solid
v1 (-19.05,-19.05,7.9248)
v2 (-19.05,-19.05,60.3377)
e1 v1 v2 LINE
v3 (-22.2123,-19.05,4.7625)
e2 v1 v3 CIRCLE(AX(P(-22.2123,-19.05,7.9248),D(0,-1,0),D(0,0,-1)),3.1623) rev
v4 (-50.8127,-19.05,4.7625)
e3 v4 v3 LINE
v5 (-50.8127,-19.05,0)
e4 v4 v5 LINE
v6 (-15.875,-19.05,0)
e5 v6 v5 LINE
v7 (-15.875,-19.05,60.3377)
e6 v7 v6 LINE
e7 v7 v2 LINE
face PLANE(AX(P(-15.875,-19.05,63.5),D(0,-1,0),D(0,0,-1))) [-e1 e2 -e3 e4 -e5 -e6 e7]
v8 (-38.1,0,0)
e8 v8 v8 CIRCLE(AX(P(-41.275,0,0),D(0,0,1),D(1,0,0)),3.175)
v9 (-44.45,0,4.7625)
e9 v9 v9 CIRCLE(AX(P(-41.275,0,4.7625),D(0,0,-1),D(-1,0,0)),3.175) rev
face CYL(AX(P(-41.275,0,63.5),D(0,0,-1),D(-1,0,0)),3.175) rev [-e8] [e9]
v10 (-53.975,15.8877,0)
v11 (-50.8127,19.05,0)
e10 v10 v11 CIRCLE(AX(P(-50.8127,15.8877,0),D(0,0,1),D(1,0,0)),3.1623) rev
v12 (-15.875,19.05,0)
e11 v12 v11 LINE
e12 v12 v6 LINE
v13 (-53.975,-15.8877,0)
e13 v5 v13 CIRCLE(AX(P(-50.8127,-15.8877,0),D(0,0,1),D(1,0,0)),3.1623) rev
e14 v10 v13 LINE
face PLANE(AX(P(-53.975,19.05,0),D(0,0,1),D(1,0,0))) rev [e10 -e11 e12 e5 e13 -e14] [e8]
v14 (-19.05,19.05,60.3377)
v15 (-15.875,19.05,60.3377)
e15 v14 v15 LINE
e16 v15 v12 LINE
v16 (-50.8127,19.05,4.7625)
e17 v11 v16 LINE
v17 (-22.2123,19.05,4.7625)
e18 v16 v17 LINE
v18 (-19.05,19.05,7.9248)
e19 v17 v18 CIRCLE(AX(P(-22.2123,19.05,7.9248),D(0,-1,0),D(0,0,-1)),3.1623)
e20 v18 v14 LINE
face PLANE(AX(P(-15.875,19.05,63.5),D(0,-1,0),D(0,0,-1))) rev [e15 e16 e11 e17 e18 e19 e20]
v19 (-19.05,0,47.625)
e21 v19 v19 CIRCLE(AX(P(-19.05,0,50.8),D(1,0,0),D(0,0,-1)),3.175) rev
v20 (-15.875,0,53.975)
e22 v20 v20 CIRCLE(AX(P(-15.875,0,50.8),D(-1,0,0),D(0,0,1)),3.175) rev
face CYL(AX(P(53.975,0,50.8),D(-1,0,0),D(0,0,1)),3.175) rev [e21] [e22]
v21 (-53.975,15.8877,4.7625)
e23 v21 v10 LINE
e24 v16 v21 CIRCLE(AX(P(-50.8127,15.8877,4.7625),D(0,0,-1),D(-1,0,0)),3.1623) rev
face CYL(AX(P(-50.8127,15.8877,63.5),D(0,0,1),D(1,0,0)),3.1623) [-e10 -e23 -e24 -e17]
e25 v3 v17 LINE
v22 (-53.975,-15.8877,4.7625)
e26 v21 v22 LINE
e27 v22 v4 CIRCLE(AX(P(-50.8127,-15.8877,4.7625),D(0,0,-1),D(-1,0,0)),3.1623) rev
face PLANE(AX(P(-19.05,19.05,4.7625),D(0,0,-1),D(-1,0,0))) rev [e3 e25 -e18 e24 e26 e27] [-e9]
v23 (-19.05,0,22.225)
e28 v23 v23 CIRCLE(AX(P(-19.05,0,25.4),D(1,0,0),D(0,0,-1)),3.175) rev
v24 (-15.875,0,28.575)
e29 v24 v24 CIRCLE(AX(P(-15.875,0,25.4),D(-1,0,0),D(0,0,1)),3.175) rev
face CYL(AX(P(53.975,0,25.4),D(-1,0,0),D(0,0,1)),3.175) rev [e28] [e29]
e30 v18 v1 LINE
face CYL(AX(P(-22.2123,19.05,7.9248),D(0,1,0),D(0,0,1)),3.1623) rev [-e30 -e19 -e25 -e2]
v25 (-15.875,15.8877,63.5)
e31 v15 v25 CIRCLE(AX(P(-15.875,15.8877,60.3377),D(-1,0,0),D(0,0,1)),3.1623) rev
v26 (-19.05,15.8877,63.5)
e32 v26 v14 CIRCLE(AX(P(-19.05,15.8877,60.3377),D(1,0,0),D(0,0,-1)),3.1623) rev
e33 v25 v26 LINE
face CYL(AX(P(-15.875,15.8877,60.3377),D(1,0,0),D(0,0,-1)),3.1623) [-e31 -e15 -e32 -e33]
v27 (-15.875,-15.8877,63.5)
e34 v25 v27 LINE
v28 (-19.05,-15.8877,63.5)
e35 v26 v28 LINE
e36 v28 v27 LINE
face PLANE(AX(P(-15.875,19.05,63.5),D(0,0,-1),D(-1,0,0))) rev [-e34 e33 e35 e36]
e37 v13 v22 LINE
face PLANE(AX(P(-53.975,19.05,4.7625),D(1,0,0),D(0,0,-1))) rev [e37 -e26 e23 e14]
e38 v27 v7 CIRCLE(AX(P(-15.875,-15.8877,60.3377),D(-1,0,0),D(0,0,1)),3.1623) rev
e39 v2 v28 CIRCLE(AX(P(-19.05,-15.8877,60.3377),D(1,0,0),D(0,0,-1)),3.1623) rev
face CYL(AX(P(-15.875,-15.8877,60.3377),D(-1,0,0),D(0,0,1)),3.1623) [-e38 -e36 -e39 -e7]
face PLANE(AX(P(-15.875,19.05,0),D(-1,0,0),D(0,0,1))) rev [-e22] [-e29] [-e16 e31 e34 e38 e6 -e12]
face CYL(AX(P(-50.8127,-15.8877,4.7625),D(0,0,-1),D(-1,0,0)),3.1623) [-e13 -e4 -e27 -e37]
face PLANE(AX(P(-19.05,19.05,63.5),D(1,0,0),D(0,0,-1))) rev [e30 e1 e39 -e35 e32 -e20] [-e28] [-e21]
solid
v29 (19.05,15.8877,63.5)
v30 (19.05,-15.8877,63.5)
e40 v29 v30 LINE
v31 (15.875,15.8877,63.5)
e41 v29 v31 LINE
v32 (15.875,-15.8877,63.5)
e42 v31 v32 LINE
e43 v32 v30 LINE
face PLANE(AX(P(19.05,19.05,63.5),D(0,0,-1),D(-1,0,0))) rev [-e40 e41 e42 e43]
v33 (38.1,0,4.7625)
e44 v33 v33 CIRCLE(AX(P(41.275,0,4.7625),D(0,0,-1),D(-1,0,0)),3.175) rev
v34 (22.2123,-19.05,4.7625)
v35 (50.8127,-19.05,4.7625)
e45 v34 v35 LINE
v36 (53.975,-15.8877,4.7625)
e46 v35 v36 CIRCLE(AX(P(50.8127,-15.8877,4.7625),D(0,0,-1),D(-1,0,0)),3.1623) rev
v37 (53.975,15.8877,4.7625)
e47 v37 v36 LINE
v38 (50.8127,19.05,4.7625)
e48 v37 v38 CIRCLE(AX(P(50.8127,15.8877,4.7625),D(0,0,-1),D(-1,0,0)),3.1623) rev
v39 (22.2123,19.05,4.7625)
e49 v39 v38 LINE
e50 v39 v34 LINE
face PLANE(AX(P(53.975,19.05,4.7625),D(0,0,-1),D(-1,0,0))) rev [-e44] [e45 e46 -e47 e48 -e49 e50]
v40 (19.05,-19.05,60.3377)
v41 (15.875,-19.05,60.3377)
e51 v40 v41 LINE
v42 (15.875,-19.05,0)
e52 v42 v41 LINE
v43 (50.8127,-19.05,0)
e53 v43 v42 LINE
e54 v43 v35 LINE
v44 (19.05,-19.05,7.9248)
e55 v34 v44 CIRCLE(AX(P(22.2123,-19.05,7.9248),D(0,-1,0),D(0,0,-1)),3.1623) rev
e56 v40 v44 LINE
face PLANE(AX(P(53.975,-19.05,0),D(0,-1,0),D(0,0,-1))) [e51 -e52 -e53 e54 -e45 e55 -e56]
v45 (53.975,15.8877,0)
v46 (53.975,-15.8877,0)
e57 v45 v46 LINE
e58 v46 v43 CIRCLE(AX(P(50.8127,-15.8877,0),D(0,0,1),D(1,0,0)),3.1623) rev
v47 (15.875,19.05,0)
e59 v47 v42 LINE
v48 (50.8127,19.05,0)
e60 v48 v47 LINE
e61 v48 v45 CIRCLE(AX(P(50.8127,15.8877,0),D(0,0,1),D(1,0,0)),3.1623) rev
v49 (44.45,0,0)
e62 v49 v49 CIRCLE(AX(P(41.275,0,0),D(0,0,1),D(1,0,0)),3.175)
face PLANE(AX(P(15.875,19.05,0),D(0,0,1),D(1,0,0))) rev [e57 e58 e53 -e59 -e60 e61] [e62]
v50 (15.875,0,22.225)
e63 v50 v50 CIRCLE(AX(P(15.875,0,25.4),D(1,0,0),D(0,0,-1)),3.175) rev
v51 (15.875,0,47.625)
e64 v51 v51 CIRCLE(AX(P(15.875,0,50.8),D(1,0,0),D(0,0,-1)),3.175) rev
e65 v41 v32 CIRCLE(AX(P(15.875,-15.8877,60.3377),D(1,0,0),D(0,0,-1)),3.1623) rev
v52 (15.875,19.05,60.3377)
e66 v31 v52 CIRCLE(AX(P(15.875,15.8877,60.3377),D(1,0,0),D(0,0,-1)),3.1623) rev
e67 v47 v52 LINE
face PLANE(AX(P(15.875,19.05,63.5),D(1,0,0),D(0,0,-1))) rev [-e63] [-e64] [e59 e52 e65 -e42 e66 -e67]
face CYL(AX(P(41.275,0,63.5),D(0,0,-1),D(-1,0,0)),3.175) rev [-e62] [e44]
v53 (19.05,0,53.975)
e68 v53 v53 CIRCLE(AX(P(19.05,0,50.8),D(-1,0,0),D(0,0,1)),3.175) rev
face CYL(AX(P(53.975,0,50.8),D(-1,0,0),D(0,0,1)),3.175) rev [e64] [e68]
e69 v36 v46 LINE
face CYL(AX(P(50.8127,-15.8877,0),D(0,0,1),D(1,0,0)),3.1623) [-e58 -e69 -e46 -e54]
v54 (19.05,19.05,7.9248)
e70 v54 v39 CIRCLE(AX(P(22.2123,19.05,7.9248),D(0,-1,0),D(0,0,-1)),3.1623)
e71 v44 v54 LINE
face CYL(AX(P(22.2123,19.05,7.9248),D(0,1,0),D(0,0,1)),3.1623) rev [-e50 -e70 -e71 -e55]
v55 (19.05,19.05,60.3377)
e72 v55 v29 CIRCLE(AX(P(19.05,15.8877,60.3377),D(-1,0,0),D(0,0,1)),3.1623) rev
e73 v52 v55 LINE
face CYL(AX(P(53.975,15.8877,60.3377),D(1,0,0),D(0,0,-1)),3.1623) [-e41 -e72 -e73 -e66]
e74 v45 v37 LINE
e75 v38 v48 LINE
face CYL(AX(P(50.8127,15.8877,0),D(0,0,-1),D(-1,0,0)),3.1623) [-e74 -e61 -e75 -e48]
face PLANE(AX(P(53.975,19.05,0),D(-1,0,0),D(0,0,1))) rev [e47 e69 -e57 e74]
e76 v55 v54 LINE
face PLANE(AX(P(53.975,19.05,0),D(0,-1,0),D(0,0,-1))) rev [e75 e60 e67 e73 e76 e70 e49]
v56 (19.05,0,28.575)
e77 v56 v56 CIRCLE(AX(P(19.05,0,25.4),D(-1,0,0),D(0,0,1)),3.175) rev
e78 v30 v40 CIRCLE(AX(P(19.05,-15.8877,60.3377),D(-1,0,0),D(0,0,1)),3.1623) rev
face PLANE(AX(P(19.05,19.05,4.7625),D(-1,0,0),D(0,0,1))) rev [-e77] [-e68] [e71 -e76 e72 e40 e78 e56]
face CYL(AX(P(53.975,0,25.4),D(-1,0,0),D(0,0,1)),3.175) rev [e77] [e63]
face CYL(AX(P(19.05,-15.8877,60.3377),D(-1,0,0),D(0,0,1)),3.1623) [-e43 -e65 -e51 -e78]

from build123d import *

# Parameters (mm, degrees)
BOSS_EXTRUDE2_DEPTH   = 19.05
BOSS_EXTRUDE2_2_DEPTH = 19.05
SKETCH2_R             = 3.175
EXTRUDE2_DEPTH        = 86.489491313
EXTRUDE3_DEPTH        = 86.988181903
EXTRUDE3_DEPTH_BACK   = 86.988181903
SKETCH3_R             = 3.175
FILLET3_R             = 3.1623
FILLET4_R             = 3.1623


with BuildPart() as part:
    # Sketch1 → Boss-Extrude2 (new, symmetric)
    with BuildSketch(Plane(origin=(0, 0, 0), x_dir=(1, 0, 0), z_dir=(0, 1, 0))):
        Polygon((-53.975, 0), (-15.875, 0), (-15.875, -63.5), (-19.05, -63.5), (-19.05, -4.7625), (-53.975, -4.7625), align=None)
    extrude(amount=BOSS_EXTRUDE2_DEPTH, both=True)


with BuildPart() as body_2:
    # Sketch1 → Boss-Extrude2 2 (new, symmetric)
    with BuildSketch(Plane(origin=(0, 0, 0), x_dir=(1, 0, 0), z_dir=(0, 1, 0))):
        Polygon((53.975, 0), (53.975, -4.7625), (19.05, -4.7625), (19.05, -63.5), (15.875, -63.5), (15.875, 0), align=None)
    extrude(amount=BOSS_EXTRUDE2_2_DEPTH, both=True)


with BuildPart() as extrude2_tool:
    # Sketch2 → Extrude2 (new, through all)
    with BuildSketch(Plane.XY):
        with Locations(Location((-41.275, 0, 0), (0, 0, 180))):
            Circle(SKETCH2_R)
        with Locations(Location((41.275, 0, 0), (0, 0, 180))):
            Circle(SKETCH2_R)
    extrude(amount=EXTRUDE2_DEPTH)


with BuildPart() as part_1:
    add(part.part)

    # Extrude2: cut by extrude2_tool
    add(extrude2_tool.part, mode=Mode.SUBTRACT)


with BuildPart() as body_2_1:
    add(body_2.part)

    # Extrude2: cut by extrude2_tool
    add(extrude2_tool.part, mode=Mode.SUBTRACT)


with BuildPart() as extrude3_tool:
    # Sketch3 → Extrude3 (new, two sides: drawn at the far end of the back side and taken through both)
    with BuildSketch(Plane(origin=(0, 0, -0.669808337), x_dir=(0, 0, -1), z_dir=(1, 0, 0)).offset(-EXTRUDE3_DEPTH_BACK)):
        with Locations(Location((-51.469808337, 0, 0), (0, 0, 180))):
            Circle(SKETCH3_R)
        with Locations(Location((-26.069808337, 0, 0), (0, 0, 180))):
            Circle(SKETCH3_R)
    extrude(amount=EXTRUDE3_DEPTH + EXTRUDE3_DEPTH_BACK)


with BuildPart() as part_2:
    add(part_1.part)

    # Extrude3: cut by extrude3_tool
    add(extrude3_tool.part, mode=Mode.SUBTRACT)

    # Fillet4
    fillet4_edges = [part_2.edges().sort_by_distance(p)[0] for p in [
        (-53.975, 19.05, 2.38125),
        (-19.05, 0, 4.7625),
        (-17.4625, 19.05, 63.5),
        (-17.4625, -19.05, 63.5),
        (-53.975, -19.05, 2.38125),
    ]]
    fillet(fillet4_edges, radius=FILLET4_R)


with BuildPart() as body_2_2:
    add(body_2_1.part)

    # Extrude3: cut by extrude3_tool
    add(extrude3_tool.part, mode=Mode.SUBTRACT)

    # Fillet3
    fillet3_edges = [body_2_2.edges().sort_by_distance(p)[0] for p in [
        (17.4625, 19.05, 63.5),
        (19.05, 0, 4.7625),
        (53.975, 19.05, 2.38125),
        (53.975, -19.05, 2.38125),
        (17.4625, -19.05, 63.5),
    ]]
    fillet(fillet3_edges, radius=FILLET3_R)


solid = Compound([part_2.part, body_2_2.part])
